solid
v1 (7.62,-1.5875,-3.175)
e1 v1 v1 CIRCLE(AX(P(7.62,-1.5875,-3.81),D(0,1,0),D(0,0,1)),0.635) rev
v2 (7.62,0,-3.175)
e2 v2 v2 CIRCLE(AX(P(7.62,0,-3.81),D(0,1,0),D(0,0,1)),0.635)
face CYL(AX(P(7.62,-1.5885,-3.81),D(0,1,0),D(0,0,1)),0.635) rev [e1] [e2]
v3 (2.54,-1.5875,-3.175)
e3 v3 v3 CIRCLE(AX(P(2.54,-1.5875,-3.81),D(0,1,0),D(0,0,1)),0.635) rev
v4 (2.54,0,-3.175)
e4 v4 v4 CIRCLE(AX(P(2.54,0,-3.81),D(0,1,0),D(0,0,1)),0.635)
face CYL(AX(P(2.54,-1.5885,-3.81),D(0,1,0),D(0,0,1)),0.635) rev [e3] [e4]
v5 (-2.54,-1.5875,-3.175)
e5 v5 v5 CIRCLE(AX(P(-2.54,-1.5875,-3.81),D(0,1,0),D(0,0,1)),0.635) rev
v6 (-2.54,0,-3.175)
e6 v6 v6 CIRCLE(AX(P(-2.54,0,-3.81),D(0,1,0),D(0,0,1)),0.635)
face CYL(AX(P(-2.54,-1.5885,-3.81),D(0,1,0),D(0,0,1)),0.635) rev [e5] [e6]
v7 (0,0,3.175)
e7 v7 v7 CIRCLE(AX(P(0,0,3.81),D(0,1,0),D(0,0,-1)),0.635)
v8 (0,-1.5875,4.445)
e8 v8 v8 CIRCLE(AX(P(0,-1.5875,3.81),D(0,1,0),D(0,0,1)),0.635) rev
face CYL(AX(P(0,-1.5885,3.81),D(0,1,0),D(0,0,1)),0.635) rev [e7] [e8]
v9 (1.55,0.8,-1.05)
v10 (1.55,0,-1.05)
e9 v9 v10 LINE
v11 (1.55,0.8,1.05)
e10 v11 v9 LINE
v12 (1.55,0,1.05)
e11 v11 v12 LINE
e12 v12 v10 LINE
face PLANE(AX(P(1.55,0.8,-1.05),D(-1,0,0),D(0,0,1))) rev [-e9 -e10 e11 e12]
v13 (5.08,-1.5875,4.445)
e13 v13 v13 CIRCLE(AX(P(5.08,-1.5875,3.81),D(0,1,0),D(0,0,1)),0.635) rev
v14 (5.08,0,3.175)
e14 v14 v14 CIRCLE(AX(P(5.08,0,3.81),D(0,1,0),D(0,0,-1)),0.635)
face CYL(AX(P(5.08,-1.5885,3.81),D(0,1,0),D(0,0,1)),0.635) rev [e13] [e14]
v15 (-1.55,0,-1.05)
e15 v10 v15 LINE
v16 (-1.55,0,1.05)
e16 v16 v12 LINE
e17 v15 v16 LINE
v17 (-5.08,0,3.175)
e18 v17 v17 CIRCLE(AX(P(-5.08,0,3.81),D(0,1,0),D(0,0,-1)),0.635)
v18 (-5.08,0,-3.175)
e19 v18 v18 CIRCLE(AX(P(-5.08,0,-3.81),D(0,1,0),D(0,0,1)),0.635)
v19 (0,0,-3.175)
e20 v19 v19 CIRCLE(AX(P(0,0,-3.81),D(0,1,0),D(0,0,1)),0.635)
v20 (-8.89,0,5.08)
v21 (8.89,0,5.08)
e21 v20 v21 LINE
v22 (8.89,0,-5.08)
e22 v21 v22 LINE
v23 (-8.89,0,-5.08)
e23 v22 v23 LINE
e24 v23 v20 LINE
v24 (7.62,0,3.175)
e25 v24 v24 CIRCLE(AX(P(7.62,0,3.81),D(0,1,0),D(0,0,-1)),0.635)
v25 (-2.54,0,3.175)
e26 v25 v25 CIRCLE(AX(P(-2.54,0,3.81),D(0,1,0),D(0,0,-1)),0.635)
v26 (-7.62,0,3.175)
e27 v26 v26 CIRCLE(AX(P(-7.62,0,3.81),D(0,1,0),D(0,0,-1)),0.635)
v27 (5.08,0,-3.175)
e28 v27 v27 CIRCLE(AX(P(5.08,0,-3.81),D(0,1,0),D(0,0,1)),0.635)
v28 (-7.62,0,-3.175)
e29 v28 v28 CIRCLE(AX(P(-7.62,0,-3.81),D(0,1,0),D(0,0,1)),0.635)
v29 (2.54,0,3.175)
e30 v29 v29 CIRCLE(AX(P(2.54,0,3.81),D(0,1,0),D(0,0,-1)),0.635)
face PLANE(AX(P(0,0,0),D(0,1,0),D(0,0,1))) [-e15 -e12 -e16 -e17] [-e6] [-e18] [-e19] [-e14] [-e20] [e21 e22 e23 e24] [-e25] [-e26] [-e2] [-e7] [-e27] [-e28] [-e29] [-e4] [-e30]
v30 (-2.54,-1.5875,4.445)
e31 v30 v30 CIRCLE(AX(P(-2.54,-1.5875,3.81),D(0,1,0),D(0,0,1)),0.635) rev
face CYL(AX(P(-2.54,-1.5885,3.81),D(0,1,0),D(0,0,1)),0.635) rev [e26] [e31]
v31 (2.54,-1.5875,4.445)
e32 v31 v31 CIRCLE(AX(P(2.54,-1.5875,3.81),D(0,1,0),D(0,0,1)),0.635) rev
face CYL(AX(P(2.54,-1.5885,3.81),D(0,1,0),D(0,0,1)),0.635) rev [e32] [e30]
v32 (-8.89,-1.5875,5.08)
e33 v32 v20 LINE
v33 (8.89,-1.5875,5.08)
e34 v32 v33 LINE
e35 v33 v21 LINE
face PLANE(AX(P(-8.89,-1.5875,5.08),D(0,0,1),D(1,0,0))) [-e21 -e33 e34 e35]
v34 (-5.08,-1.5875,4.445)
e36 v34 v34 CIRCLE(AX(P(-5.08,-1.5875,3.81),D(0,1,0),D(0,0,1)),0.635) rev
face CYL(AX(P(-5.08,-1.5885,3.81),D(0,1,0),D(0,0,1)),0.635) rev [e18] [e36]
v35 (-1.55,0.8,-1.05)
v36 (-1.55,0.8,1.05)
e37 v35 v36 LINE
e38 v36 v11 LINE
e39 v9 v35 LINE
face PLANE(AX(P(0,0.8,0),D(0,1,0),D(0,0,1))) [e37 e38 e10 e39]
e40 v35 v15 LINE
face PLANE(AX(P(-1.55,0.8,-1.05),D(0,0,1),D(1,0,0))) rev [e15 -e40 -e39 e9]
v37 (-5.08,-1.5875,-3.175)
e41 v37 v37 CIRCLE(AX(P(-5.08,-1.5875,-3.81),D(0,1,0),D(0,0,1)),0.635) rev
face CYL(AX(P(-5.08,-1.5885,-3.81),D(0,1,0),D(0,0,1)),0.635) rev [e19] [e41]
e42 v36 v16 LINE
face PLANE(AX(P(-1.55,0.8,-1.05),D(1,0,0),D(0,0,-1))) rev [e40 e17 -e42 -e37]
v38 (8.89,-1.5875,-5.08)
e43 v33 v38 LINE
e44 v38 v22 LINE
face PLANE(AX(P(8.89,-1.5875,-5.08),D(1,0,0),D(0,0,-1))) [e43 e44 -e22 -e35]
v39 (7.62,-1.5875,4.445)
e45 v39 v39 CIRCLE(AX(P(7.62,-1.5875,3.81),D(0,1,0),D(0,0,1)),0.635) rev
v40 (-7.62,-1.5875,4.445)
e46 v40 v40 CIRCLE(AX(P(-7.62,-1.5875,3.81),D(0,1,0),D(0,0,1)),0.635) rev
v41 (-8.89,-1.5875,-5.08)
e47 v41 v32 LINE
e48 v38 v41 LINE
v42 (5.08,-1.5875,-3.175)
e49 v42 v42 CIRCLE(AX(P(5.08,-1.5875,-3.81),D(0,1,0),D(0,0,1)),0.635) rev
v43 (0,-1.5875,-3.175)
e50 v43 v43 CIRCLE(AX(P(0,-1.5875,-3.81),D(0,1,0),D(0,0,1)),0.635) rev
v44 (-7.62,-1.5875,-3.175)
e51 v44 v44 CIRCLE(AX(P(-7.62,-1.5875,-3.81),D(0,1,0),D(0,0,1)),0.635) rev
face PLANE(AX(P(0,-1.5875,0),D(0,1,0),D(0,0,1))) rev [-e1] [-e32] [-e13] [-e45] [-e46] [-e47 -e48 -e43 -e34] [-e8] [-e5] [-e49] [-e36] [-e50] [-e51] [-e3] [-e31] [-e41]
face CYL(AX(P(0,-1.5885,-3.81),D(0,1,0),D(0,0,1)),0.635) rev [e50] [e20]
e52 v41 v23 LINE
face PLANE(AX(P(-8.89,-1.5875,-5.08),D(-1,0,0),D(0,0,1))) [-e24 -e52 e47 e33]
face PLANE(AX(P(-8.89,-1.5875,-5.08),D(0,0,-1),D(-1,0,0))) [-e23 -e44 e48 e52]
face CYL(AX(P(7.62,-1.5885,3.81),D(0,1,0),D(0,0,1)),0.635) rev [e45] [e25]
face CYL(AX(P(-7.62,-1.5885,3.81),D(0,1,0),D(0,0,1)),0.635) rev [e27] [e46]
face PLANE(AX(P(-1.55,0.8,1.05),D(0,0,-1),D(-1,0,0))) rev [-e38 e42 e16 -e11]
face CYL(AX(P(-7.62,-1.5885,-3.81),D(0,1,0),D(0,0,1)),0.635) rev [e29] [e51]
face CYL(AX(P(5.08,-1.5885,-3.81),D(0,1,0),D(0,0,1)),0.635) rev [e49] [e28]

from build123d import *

# Parameters (mm, degrees)
SKETCH1_W           = 17.78
SKETCH1_H           = 10.16
BOSS_EXTRUDE1_DEPTH = 1.5875
SKETCH2_W           = 3.1
SKETCH2_H           = 2.1
BOSS_EXTRUDE2_DEPTH = 0.8
CUT_EXTRUDE1_REACH  = 12.361
SKETCH3_R           = 0.635


with BuildPart() as part:
    # Sketch1 → Boss-Extrude1 (new body)
    with BuildSketch(Plane(origin=(0, 0, 0), x_dir=(1, 0, 0), z_dir=(0, 1, 0))):
        Rectangle(SKETCH1_W, SKETCH1_H)
    extrude(amount=-BOSS_EXTRUDE1_DEPTH)

    # Sketch2 → Boss-Extrude2 (add)
    with BuildSketch(Plane(origin=(0, 0, 0), x_dir=(1, 0, 0), z_dir=(0, 1, 0))):
        Rectangle(SKETCH2_W, SKETCH2_H)
    extrude(amount=BOSS_EXTRUDE2_DEPTH)

    # Sketch3 → Cut-Extrude1 (cut, up to next)
    with BuildSketch(Plane(origin=(0, 0, 0), x_dir=(1, 0, 0), z_dir=(0, 1, 0)), mode=Mode.PRIVATE) as cut_extrude1_sk1:
        with Locations(Location((-7.62, 3.81, 0), (0, 0, 270))):
            Circle(SKETCH3_R)
    cut_extrude1_tool1 = extrude(cut_extrude1_sk1.sketch, amount=-CUT_EXTRUDE1_REACH, mode=Mode.PRIVATE) & part.part
    # Sketch3 → Cut-Extrude1 (cut, up to next)
    with BuildSketch(Plane(origin=(0, 0, 0), x_dir=(1, 0, 0), z_dir=(0, 1, 0)), mode=Mode.PRIVATE) as cut_extrude1_sk2:
        with Locations(Location((-7.62, -3.81, 0), (0, 0, 270))):
            Circle(SKETCH3_R)
    cut_extrude1_tool2 = extrude(cut_extrude1_sk2.sketch, amount=-CUT_EXTRUDE1_REACH, mode=Mode.PRIVATE) & part.part
    # Sketch3 → Cut-Extrude1 (cut, up to next)
    with BuildSketch(Plane(origin=(0, 0, 0), x_dir=(1, 0, 0), z_dir=(0, 1, 0)), mode=Mode.PRIVATE) as cut_extrude1_sk3:
        with Locations(Location((-5.08, 3.81, 0), (0, 0, 270))):
            Circle(SKETCH3_R)
    cut_extrude1_tool3 = extrude(cut_extrude1_sk3.sketch, amount=-CUT_EXTRUDE1_REACH, mode=Mode.PRIVATE) & part.part
    # Sketch3 → Cut-Extrude1 (cut, up to next)
    with BuildSketch(Plane(origin=(0, 0, 0), x_dir=(1, 0, 0), z_dir=(0, 1, 0)), mode=Mode.PRIVATE) as cut_extrude1_sk4:
        with Locations(Location((-5.08, -3.81, 0), (0, 0, 270))):
            Circle(SKETCH3_R)
    cut_extrude1_tool4 = extrude(cut_extrude1_sk4.sketch, amount=-CUT_EXTRUDE1_REACH, mode=Mode.PRIVATE) & part.part
    # Sketch3 → Cut-Extrude1 (cut, up to next)
    with BuildSketch(Plane(origin=(0, 0, 0), x_dir=(1, 0, 0), z_dir=(0, 1, 0)), mode=Mode.PRIVATE) as cut_extrude1_sk5:
        with Locations(Location((-2.54, 3.81, 0), (0, 0, 270))):
            Circle(SKETCH3_R)
    cut_extrude1_tool5 = extrude(cut_extrude1_sk5.sketch, amount=-CUT_EXTRUDE1_REACH, mode=Mode.PRIVATE) & part.part
    # Sketch3 → Cut-Extrude1 (cut, up to next)
    with BuildSketch(Plane(origin=(0, 0, 0), x_dir=(1, 0, 0), z_dir=(0, 1, 0)), mode=Mode.PRIVATE) as cut_extrude1_sk6:
        with Locations(Location((-2.54, -3.81, 0), (0, 0, 270))):
            Circle(SKETCH3_R)
    cut_extrude1_tool6 = extrude(cut_extrude1_sk6.sketch, amount=-CUT_EXTRUDE1_REACH, mode=Mode.PRIVATE) & part.part
    # Sketch3 → Cut-Extrude1 (cut, up to next)
    with BuildSketch(Plane(origin=(0, 0, 0), x_dir=(1, 0, 0), z_dir=(0, 1, 0)), mode=Mode.PRIVATE) as cut_extrude1_sk7:
        with Locations(Location((0, 3.81, 0), (0, 0, 270))):
            Circle(SKETCH3_R)
    cut_extrude1_tool7 = extrude(cut_extrude1_sk7.sketch, amount=-CUT_EXTRUDE1_REACH, mode=Mode.PRIVATE) & part.part
    # Sketch3 → Cut-Extrude1 (cut, up to next)
    with BuildSketch(Plane(origin=(0, 0, 0), x_dir=(1, 0, 0), z_dir=(0, 1, 0)), mode=Mode.PRIVATE) as cut_extrude1_sk8:
        with Locations(Location((0, -3.81, 0), (0, 0, 270))):
            Circle(SKETCH3_R)
    cut_extrude1_tool8 = extrude(cut_extrude1_sk8.sketch, amount=-CUT_EXTRUDE1_REACH, mode=Mode.PRIVATE) & part.part
    # Sketch3 → Cut-Extrude1 (cut, up to next)
    with BuildSketch(Plane(origin=(0, 0, 0), x_dir=(1, 0, 0), z_dir=(0, 1, 0)), mode=Mode.PRIVATE) as cut_extrude1_sk9:
        with Locations(Location((2.54, 3.81, 0), (0, 0, 270))):
            Circle(SKETCH3_R)
    cut_extrude1_tool9 = extrude(cut_extrude1_sk9.sketch, amount=-CUT_EXTRUDE1_REACH, mode=Mode.PRIVATE) & part.part
    # Sketch3 → Cut-Extrude1 (cut, up to next)
    with BuildSketch(Plane(origin=(0, 0, 0), x_dir=(1, 0, 0), z_dir=(0, 1, 0)), mode=Mode.PRIVATE) as cut_extrude1_sk10:
        with Locations(Location((2.54, -3.81, 0), (0, 0, 270))):
            Circle(SKETCH3_R)
    cut_extrude1_tool10 = extrude(cut_extrude1_sk10.sketch, amount=-CUT_EXTRUDE1_REACH, mode=Mode.PRIVATE) & part.part
    # Sketch3 → Cut-Extrude1 (cut, up to next)
    with BuildSketch(Plane(origin=(0, 0, 0), x_dir=(1, 0, 0), z_dir=(0, 1, 0)), mode=Mode.PRIVATE) as cut_extrude1_sk11:
        with Locations(Location((5.08, 3.81, 0), (0, 0, 270))):
            Circle(SKETCH3_R)
    cut_extrude1_tool11 = extrude(cut_extrude1_sk11.sketch, amount=-CUT_EXTRUDE1_REACH, mode=Mode.PRIVATE) & part.part
    # Sketch3 → Cut-Extrude1 (cut, up to next)
    with BuildSketch(Plane(origin=(0, 0, 0), x_dir=(1, 0, 0), z_dir=(0, 1, 0)), mode=Mode.PRIVATE) as cut_extrude1_sk12:
        with Locations(Location((5.08, -3.81, 0), (0, 0, 270))):
            Circle(SKETCH3_R)
    cut_extrude1_tool12 = extrude(cut_extrude1_sk12.sketch, amount=-CUT_EXTRUDE1_REACH, mode=Mode.PRIVATE) & part.part
    # Sketch3 → Cut-Extrude1 (cut, up to next)
    with BuildSketch(Plane(origin=(0, 0, 0), x_dir=(1, 0, 0), z_dir=(0, 1, 0)), mode=Mode.PRIVATE) as cut_extrude1_sk13:
        with Locations(Location((7.62, 3.81, 0), (0, 0, 270))):
            Circle(SKETCH3_R)
    cut_extrude1_tool13 = extrude(cut_extrude1_sk13.sketch, amount=-CUT_EXTRUDE1_REACH, mode=Mode.PRIVATE) & part.part
    # Sketch3 → Cut-Extrude1 (cut, up to next)
    with BuildSketch(Plane(origin=(0, 0, 0), x_dir=(1, 0, 0), z_dir=(0, 1, 0)), mode=Mode.PRIVATE) as cut_extrude1_sk14:
        with Locations(Location((7.62, -3.81, 0), (0, 0, 270))):
            Circle(SKETCH3_R)
    cut_extrude1_tool14 = extrude(cut_extrude1_sk14.sketch, amount=-CUT_EXTRUDE1_REACH, mode=Mode.PRIVATE) & part.part
    add(cut_extrude1_tool1.solids().sort_by_distance((-7.62, 0, -3.81))[0], mode=Mode.SUBTRACT)
    add(cut_extrude1_tool2.solids().sort_by_distance((-7.62, 0, 3.81))[0], mode=Mode.SUBTRACT)
    add(cut_extrude1_tool3.solids().sort_by_distance((-5.08, 0, -3.81))[0], mode=Mode.SUBTRACT)
    add(cut_extrude1_tool4.solids().sort_by_distance((-5.08, 0, 3.81))[0], mode=Mode.SUBTRACT)
    add(cut_extrude1_tool5.solids().sort_by_distance((-2.54, 0, -3.81))[0], mode=Mode.SUBTRACT)
    add(cut_extrude1_tool6.solids().sort_by_distance((-2.54, 0, 3.81))[0], mode=Mode.SUBTRACT)
    add(cut_extrude1_tool7.solids().sort_by_distance((0, 0, -3.81))[0], mode=Mode.SUBTRACT)
    add(cut_extrude1_tool8.solids().sort_by_distance((0, 0, 3.81))[0], mode=Mode.SUBTRACT)
    add(cut_extrude1_tool9.solids().sort_by_distance((2.54, 0, -3.81))[0], mode=Mode.SUBTRACT)
    add(cut_extrude1_tool10.solids().sort_by_distance((2.54, 0, 3.81))[0], mode=Mode.SUBTRACT)
    add(cut_extrude1_tool11.solids().sort_by_distance((5.08, 0, -3.81))[0], mode=Mode.SUBTRACT)
    add(cut_extrude1_tool12.solids().sort_by_distance((5.08, 0, 3.81))[0], mode=Mode.SUBTRACT)
    add(cut_extrude1_tool13.solids().sort_by_distance((7.62, 0, -3.81))[0], mode=Mode.SUBTRACT)
    add(cut_extrude1_tool14.solids().sort_by_distance((7.62, 0, 3.81))[0], mode=Mode.SUBTRACT)


solid = part.part
